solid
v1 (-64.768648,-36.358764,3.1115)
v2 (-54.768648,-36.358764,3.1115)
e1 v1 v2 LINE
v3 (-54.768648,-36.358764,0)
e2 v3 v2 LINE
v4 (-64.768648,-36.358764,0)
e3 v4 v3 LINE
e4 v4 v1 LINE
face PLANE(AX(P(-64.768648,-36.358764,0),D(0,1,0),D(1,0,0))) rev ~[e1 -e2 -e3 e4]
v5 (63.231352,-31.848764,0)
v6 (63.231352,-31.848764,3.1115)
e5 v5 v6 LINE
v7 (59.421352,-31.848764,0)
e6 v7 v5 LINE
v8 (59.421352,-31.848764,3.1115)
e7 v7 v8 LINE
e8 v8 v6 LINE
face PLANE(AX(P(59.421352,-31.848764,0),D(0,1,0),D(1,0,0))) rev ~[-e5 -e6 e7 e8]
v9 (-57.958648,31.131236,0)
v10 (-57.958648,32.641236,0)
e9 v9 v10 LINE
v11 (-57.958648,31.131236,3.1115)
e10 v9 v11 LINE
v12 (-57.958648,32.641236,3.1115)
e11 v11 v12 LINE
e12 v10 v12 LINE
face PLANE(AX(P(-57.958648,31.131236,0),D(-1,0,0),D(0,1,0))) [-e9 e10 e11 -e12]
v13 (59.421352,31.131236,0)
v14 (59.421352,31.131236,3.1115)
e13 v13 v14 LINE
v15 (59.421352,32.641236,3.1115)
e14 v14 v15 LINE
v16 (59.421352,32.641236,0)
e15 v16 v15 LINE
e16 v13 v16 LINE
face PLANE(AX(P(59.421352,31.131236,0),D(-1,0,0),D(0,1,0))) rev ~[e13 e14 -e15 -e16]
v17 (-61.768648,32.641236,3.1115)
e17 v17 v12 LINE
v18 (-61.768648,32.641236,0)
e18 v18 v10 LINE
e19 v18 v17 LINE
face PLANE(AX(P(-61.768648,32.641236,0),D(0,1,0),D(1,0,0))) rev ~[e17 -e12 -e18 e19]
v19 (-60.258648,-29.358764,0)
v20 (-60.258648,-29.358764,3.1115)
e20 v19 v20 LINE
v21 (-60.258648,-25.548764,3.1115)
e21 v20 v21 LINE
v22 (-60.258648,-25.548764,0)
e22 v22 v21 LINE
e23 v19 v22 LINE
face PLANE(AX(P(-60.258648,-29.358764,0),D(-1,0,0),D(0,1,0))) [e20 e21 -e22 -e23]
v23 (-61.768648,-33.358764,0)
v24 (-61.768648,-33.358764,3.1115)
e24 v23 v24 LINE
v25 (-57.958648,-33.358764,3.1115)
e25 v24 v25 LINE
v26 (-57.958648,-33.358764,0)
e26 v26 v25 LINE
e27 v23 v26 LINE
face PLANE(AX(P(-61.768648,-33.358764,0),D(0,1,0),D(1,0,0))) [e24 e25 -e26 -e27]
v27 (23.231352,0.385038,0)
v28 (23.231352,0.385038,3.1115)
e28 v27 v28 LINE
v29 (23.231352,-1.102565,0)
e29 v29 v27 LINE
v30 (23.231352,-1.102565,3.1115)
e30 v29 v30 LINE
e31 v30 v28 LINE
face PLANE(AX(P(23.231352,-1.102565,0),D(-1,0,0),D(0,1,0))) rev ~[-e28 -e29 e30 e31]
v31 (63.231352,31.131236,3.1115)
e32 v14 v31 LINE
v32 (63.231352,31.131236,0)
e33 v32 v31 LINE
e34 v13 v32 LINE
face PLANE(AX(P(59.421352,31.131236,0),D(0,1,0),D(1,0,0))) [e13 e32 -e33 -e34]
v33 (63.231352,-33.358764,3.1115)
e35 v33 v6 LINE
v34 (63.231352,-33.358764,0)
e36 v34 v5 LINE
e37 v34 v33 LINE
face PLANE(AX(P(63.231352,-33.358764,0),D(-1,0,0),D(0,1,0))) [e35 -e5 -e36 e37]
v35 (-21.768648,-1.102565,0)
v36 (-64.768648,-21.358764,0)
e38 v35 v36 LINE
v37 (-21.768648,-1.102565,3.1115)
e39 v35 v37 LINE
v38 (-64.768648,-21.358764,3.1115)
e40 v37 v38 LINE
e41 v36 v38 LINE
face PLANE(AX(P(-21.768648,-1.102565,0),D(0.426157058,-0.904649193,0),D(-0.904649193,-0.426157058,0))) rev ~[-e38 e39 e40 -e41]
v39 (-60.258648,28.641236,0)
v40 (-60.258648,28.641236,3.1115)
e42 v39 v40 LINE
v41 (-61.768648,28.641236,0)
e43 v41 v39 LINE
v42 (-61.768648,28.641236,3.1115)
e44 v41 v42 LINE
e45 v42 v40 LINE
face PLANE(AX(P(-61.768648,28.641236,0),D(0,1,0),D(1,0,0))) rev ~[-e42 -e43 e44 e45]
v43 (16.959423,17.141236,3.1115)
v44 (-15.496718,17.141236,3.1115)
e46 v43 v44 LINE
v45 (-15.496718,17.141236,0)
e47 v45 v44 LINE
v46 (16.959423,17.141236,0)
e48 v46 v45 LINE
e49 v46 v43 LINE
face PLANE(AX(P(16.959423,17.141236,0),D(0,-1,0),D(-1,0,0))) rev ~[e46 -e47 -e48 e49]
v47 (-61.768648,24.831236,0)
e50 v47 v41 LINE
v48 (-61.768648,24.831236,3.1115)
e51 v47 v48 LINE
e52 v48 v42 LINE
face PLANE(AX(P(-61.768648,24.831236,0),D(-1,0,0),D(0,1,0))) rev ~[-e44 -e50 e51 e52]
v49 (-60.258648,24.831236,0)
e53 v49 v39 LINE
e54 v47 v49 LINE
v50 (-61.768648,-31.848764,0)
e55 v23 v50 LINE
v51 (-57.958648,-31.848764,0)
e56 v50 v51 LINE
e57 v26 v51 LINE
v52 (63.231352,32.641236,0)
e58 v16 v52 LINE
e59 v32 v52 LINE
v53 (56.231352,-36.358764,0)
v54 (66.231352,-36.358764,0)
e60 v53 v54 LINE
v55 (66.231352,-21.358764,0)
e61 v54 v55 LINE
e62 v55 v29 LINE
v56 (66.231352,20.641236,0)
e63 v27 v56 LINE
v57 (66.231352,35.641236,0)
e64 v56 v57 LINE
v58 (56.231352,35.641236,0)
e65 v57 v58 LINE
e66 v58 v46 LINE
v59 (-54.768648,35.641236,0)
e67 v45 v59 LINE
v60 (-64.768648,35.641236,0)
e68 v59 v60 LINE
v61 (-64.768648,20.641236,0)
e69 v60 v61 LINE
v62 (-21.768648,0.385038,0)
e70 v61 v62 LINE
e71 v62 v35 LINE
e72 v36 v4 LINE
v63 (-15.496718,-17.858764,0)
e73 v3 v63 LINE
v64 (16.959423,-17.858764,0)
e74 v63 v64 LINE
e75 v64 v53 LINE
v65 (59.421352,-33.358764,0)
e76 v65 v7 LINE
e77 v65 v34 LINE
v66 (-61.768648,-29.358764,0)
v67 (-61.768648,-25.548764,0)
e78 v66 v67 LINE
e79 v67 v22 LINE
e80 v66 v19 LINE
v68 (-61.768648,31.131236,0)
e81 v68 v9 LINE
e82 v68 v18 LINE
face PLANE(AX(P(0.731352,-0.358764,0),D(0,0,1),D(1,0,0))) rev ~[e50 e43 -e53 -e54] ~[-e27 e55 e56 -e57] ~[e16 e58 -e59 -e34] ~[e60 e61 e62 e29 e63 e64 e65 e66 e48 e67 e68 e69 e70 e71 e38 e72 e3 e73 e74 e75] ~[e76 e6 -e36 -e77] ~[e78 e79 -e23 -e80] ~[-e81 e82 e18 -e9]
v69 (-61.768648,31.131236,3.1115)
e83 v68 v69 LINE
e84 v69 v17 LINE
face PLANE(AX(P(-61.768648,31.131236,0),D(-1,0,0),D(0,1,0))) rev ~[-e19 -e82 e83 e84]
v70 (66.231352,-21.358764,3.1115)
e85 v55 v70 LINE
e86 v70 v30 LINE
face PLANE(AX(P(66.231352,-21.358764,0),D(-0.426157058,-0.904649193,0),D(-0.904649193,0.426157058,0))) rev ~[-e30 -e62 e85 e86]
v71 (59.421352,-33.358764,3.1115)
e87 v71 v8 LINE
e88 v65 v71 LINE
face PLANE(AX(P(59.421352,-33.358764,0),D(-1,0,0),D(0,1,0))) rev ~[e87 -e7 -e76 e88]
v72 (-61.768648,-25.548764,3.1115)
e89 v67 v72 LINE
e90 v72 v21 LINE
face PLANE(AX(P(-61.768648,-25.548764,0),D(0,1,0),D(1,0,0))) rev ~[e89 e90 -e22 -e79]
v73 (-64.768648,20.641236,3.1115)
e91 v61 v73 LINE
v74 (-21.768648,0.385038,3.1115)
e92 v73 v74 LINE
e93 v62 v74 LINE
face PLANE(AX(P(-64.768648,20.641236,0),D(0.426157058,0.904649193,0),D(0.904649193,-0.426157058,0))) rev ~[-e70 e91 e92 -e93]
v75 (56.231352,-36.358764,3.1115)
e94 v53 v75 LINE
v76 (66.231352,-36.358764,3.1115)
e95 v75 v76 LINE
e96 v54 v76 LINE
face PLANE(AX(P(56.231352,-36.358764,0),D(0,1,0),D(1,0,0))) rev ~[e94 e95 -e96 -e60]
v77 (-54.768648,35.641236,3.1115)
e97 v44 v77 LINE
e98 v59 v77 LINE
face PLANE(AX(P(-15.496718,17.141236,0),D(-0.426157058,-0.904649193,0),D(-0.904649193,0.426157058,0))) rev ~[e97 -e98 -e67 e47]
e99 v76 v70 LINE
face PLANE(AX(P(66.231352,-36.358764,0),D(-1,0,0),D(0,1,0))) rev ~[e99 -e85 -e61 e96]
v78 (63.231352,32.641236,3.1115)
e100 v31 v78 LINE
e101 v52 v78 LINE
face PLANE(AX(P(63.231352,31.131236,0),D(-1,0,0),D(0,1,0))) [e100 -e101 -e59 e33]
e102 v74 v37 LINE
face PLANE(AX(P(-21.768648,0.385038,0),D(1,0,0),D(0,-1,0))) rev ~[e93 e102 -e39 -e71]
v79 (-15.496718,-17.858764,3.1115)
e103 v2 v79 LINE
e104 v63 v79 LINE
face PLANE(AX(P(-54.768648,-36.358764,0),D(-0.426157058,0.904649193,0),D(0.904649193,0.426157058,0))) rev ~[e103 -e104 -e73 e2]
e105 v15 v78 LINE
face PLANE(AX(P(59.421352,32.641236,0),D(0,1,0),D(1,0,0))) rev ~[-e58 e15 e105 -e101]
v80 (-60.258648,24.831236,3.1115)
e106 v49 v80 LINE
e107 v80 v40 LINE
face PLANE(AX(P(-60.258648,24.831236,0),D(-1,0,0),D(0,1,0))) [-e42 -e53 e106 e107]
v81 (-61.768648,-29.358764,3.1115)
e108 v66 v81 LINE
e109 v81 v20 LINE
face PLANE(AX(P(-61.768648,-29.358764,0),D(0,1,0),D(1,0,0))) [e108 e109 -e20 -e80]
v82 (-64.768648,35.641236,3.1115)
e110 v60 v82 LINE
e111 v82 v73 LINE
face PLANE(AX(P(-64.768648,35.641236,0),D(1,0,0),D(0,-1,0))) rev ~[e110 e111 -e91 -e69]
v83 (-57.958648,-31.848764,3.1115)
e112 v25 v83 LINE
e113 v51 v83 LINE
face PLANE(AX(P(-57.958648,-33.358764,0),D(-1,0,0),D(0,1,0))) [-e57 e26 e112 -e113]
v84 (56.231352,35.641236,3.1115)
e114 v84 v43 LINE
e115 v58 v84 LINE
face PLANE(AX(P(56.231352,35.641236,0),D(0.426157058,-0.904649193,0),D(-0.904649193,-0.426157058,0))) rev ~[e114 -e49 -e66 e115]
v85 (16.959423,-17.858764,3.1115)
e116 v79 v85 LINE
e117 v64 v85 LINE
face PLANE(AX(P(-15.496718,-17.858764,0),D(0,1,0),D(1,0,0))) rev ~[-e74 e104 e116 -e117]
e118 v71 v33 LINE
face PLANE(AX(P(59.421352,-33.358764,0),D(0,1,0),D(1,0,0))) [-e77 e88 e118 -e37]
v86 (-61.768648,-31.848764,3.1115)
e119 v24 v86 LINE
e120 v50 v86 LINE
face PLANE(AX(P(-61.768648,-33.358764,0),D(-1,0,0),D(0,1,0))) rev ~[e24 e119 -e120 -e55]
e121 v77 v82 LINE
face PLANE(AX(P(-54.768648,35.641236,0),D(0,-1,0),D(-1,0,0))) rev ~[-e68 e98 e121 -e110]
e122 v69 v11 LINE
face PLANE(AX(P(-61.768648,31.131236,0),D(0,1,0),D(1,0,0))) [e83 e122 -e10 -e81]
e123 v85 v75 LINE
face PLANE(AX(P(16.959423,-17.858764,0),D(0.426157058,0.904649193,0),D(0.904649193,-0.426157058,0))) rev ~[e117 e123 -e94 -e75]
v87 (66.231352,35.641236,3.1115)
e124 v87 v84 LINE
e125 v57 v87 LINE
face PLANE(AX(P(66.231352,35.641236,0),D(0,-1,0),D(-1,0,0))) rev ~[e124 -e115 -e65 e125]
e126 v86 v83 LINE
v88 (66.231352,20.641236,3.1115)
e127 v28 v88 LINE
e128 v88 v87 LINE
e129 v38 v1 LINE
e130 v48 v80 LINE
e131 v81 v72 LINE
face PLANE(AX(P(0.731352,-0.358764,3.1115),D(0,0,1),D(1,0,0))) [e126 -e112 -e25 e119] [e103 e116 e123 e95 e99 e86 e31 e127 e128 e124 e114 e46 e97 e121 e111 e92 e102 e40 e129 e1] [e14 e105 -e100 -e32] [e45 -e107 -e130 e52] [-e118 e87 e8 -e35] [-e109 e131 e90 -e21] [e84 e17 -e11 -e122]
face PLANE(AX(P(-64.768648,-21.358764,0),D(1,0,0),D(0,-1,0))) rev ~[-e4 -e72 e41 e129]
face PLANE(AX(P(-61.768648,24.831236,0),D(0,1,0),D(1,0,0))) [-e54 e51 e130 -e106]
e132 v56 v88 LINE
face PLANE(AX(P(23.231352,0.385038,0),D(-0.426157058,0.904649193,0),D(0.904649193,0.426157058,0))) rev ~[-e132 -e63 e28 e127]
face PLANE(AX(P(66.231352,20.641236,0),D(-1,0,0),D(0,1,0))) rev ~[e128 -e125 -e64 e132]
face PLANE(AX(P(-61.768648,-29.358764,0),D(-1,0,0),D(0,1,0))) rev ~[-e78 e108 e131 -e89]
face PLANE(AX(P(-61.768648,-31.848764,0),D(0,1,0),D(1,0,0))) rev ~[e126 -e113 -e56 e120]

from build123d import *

# Parameters (mm, degrees)
SKETCH1_W           = 1.51
SKETCH1_H           = 3.81
SKETCH1_W_2         = 3.81
SKETCH1_H_2         = 1.51
BOSS_EXTRUDE1_DEPTH = 3.1115


with BuildPart() as part:
    # Sketch1 → Boss-Extrude1 (new body)
    with BuildSketch(Plane.XY):
        Polygon((-64.76864758, -36.358763528), (-54.76864758, -36.358763528), (-15.496717756, -17.858763528), (16.959422595, -17.858763528), (56.23135242, -36.358763528), (66.23135242, -36.358763528), (66.23135242, -21.358763528), (23.23135242, -1.102565181), (23.23135242, 0.385038125), (66.23135242, 20.641236472), (66.23135242, 35.641236472), (56.23135242, 35.641236472), (16.959422595, 17.141236472), (-15.496717756, 17.141236472), (-54.76864758, 35.641236472), (-64.76864758, 35.641236472), (-64.76864758, 20.641236472), (-21.76864758, 0.385038125), (-21.76864758, -1.102565181), (-64.76864758, -21.358763528), align=None)
        with Locations((-61.01364758, 26.736236472)):
            Rectangle(SKETCH1_W, SKETCH1_H, mode=Mode.SUBTRACT)
        with Locations((-61.01364758, -27.453763528)):
            Rectangle(SKETCH1_W, SKETCH1_H, mode=Mode.SUBTRACT)
        with Locations((-59.86364758, 31.886236472)):
            Rectangle(SKETCH1_W_2, SKETCH1_H_2, mode=Mode.SUBTRACT)
        with Locations((-59.86364758, -32.603763528)):
            Rectangle(SKETCH1_W_2, SKETCH1_H_2, mode=Mode.SUBTRACT)
        with Locations((61.32635242, 31.886236472)):
            Rectangle(SKETCH1_W_2, SKETCH1_H_2, mode=Mode.SUBTRACT)
        with Locations((61.32635242, -32.603763528)):
            Rectangle(SKETCH1_W_2, SKETCH1_H_2, mode=Mode.SUBTRACT)
    extrude(amount=BOSS_EXTRUDE1_DEPTH)


solid = part.part
